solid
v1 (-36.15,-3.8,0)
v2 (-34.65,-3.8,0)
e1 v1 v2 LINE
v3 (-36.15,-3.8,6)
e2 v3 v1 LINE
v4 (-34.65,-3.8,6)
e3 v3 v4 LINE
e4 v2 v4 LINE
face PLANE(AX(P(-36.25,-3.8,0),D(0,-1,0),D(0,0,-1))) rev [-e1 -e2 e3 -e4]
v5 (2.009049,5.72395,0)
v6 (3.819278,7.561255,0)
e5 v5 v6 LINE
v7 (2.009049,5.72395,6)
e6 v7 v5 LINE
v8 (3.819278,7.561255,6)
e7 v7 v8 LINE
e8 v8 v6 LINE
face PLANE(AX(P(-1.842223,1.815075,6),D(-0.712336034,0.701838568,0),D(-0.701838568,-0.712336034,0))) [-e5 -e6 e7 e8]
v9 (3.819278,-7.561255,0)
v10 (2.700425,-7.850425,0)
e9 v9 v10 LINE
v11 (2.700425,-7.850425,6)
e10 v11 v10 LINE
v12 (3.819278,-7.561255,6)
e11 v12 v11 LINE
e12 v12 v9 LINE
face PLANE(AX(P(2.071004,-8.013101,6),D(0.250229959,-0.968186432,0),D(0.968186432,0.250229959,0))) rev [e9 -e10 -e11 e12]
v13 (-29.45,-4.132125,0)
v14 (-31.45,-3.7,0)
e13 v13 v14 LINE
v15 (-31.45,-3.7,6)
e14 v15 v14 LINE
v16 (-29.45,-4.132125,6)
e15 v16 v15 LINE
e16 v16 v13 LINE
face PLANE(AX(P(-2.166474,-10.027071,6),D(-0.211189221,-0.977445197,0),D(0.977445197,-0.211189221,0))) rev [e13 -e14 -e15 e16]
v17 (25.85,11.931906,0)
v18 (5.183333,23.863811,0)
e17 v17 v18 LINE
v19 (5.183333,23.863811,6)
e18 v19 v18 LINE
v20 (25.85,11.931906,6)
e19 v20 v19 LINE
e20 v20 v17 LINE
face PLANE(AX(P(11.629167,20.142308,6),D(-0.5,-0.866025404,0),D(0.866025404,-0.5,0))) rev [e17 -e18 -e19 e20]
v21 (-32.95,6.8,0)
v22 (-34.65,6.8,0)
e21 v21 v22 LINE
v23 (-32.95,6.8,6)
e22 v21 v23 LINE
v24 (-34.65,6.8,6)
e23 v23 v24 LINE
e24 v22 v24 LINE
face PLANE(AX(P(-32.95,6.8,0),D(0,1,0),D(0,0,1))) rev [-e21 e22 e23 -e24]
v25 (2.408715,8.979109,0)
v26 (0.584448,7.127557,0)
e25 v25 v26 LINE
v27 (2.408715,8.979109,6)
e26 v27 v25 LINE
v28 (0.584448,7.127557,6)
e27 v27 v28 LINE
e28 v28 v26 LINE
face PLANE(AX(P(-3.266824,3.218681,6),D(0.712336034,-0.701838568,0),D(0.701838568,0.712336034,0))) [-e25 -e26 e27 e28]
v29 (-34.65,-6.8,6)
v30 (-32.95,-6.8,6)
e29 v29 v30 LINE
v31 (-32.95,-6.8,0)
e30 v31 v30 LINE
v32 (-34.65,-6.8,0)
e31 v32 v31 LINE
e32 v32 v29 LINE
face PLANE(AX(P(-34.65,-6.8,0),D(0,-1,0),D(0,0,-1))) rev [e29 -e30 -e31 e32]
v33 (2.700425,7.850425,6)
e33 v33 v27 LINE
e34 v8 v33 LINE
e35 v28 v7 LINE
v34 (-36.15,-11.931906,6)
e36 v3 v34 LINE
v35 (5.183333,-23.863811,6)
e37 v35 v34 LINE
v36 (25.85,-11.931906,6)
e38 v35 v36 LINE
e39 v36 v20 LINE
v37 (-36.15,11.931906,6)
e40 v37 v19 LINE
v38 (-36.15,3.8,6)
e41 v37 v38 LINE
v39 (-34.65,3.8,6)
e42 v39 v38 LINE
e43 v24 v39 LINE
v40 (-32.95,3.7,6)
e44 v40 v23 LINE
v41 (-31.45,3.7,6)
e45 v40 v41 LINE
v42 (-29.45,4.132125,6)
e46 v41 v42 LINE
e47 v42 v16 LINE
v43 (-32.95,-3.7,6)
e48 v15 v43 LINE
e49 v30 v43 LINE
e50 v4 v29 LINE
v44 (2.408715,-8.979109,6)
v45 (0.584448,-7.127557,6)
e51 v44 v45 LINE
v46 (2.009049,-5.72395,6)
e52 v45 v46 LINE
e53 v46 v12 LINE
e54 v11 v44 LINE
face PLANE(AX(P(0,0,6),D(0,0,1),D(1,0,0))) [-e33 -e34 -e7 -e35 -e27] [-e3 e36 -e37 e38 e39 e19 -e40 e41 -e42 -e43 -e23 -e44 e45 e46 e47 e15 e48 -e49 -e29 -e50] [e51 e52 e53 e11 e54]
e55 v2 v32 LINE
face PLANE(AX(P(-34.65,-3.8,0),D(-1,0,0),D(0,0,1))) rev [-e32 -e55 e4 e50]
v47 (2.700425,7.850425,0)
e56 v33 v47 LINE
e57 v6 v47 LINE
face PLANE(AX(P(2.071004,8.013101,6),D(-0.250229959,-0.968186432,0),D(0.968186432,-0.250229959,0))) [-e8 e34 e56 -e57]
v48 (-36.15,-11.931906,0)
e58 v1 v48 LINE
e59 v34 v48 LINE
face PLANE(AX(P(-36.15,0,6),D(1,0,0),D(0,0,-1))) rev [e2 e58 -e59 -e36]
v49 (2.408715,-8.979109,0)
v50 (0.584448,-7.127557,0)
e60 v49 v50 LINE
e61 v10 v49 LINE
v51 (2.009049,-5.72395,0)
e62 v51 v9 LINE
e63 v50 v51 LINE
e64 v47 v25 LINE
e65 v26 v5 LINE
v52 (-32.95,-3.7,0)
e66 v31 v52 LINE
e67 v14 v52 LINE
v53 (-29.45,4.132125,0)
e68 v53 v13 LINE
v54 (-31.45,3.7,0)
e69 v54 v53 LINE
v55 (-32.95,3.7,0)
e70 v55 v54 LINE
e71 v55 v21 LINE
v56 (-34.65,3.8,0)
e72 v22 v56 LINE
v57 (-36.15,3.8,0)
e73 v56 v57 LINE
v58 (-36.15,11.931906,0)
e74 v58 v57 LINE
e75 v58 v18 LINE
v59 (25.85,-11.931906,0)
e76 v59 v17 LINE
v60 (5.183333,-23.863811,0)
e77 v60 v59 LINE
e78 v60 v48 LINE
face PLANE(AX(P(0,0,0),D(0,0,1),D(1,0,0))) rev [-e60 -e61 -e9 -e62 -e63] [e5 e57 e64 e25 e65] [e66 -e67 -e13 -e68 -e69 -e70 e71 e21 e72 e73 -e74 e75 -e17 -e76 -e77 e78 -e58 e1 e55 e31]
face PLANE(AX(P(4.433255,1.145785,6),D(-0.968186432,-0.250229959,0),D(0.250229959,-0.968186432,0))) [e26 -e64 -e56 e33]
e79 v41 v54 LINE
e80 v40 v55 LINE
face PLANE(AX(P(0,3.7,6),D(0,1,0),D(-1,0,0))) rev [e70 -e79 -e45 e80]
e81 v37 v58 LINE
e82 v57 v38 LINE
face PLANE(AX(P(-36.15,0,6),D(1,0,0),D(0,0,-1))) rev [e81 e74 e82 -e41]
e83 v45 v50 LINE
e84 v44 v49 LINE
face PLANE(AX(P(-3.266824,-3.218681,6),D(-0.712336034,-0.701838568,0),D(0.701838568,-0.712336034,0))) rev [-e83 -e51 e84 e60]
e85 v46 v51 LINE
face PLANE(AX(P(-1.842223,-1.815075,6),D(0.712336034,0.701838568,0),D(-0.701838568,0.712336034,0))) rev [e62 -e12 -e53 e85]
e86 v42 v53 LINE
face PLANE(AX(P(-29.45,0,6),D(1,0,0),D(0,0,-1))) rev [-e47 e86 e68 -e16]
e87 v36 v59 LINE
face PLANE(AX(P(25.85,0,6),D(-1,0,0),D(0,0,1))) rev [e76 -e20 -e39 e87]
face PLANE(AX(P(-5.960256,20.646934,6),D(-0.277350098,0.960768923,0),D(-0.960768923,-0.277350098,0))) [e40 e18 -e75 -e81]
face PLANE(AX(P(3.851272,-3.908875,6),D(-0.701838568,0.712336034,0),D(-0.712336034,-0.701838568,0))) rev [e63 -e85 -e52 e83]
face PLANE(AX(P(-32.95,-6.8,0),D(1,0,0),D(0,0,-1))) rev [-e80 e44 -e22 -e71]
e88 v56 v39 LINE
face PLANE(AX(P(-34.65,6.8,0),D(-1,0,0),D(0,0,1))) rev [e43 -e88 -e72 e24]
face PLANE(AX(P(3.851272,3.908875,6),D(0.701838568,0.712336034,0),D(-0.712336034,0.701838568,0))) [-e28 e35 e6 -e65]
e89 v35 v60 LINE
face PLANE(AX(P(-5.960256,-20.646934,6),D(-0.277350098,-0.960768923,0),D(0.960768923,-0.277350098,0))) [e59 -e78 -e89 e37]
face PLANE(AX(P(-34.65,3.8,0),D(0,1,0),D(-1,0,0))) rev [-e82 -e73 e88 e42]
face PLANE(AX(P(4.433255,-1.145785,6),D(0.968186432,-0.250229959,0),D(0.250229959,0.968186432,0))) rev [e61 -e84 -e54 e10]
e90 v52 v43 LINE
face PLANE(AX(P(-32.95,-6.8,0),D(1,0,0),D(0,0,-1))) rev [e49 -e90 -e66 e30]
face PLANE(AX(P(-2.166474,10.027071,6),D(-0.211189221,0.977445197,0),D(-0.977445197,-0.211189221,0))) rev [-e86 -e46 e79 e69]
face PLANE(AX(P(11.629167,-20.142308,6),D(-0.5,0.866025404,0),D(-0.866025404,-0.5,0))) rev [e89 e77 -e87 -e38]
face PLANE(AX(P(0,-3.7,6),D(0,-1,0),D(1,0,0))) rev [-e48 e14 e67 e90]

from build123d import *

# Parameters (mm, degrees)
BOSS_EXTRUDE1_DEPTH = 6
CUT_EXTRUDE1_DEPTH  = 44.729898027


with BuildPart() as part:
    # Sketch1 → Boss-Extrude1 (new body)
    # profile 1 of 2: a face of its own
    with BuildSketch(Plane.XY):
        Polygon((25.85, -11.931905563), (25.85, 0), (-29.45, 0), (-29.45, -4.132124935), (-31.45, -3.7), (-36.15, -3.7), (-36.15, -11.931905563), (5.183333333, -23.863811127), align=None)
        Polygon((2.700425446, -7.850425446), (2.408714576, -8.979109263), (0.584447895, -7.127556852), (2.009048725, -5.723949904), (3.819278422, -7.561255379), align=None, mode=Mode.SUBTRACT)
    # profile 2 of 2: a face of its own
    with BuildSketch(Plane.XY):
        Polygon((25.85, 0), (25.85, 11.931905563), (5.183333333, 23.863811127), (-36.15, 11.931905563), (-36.15, 3.7), (-31.45, 3.7), (-29.45, 4.132124935), (-29.45, 0), align=None)
        Polygon((2.408714576, 8.979109263), (2.700425446, 7.850425446), (3.819278422, 7.561255379), (2.009048725, 5.723949904), (0.584447895, 7.127556852), align=None, mode=Mode.SUBTRACT)
    extrude(amount=BOSS_EXTRUDE1_DEPTH)

    # Sketch2 → Cut-Extrude1 (cut, through all)
    with BuildSketch(Plane.XY.offset(6)):
        Polygon((-36.25, -3.427539205), (-36.25, -3.8), (-34.65, -3.8), (-34.65, -6.8), (-32.95, -6.8), (-32.95, 6.8), (-34.65, 6.8), (-34.65, 3.8), (-36.25, 3.8), (-36.25, 3.427539205), align=None)
    extrude(amount=-CUT_EXTRUDE1_DEPTH, mode=Mode.SUBTRACT)


solid = part.part
